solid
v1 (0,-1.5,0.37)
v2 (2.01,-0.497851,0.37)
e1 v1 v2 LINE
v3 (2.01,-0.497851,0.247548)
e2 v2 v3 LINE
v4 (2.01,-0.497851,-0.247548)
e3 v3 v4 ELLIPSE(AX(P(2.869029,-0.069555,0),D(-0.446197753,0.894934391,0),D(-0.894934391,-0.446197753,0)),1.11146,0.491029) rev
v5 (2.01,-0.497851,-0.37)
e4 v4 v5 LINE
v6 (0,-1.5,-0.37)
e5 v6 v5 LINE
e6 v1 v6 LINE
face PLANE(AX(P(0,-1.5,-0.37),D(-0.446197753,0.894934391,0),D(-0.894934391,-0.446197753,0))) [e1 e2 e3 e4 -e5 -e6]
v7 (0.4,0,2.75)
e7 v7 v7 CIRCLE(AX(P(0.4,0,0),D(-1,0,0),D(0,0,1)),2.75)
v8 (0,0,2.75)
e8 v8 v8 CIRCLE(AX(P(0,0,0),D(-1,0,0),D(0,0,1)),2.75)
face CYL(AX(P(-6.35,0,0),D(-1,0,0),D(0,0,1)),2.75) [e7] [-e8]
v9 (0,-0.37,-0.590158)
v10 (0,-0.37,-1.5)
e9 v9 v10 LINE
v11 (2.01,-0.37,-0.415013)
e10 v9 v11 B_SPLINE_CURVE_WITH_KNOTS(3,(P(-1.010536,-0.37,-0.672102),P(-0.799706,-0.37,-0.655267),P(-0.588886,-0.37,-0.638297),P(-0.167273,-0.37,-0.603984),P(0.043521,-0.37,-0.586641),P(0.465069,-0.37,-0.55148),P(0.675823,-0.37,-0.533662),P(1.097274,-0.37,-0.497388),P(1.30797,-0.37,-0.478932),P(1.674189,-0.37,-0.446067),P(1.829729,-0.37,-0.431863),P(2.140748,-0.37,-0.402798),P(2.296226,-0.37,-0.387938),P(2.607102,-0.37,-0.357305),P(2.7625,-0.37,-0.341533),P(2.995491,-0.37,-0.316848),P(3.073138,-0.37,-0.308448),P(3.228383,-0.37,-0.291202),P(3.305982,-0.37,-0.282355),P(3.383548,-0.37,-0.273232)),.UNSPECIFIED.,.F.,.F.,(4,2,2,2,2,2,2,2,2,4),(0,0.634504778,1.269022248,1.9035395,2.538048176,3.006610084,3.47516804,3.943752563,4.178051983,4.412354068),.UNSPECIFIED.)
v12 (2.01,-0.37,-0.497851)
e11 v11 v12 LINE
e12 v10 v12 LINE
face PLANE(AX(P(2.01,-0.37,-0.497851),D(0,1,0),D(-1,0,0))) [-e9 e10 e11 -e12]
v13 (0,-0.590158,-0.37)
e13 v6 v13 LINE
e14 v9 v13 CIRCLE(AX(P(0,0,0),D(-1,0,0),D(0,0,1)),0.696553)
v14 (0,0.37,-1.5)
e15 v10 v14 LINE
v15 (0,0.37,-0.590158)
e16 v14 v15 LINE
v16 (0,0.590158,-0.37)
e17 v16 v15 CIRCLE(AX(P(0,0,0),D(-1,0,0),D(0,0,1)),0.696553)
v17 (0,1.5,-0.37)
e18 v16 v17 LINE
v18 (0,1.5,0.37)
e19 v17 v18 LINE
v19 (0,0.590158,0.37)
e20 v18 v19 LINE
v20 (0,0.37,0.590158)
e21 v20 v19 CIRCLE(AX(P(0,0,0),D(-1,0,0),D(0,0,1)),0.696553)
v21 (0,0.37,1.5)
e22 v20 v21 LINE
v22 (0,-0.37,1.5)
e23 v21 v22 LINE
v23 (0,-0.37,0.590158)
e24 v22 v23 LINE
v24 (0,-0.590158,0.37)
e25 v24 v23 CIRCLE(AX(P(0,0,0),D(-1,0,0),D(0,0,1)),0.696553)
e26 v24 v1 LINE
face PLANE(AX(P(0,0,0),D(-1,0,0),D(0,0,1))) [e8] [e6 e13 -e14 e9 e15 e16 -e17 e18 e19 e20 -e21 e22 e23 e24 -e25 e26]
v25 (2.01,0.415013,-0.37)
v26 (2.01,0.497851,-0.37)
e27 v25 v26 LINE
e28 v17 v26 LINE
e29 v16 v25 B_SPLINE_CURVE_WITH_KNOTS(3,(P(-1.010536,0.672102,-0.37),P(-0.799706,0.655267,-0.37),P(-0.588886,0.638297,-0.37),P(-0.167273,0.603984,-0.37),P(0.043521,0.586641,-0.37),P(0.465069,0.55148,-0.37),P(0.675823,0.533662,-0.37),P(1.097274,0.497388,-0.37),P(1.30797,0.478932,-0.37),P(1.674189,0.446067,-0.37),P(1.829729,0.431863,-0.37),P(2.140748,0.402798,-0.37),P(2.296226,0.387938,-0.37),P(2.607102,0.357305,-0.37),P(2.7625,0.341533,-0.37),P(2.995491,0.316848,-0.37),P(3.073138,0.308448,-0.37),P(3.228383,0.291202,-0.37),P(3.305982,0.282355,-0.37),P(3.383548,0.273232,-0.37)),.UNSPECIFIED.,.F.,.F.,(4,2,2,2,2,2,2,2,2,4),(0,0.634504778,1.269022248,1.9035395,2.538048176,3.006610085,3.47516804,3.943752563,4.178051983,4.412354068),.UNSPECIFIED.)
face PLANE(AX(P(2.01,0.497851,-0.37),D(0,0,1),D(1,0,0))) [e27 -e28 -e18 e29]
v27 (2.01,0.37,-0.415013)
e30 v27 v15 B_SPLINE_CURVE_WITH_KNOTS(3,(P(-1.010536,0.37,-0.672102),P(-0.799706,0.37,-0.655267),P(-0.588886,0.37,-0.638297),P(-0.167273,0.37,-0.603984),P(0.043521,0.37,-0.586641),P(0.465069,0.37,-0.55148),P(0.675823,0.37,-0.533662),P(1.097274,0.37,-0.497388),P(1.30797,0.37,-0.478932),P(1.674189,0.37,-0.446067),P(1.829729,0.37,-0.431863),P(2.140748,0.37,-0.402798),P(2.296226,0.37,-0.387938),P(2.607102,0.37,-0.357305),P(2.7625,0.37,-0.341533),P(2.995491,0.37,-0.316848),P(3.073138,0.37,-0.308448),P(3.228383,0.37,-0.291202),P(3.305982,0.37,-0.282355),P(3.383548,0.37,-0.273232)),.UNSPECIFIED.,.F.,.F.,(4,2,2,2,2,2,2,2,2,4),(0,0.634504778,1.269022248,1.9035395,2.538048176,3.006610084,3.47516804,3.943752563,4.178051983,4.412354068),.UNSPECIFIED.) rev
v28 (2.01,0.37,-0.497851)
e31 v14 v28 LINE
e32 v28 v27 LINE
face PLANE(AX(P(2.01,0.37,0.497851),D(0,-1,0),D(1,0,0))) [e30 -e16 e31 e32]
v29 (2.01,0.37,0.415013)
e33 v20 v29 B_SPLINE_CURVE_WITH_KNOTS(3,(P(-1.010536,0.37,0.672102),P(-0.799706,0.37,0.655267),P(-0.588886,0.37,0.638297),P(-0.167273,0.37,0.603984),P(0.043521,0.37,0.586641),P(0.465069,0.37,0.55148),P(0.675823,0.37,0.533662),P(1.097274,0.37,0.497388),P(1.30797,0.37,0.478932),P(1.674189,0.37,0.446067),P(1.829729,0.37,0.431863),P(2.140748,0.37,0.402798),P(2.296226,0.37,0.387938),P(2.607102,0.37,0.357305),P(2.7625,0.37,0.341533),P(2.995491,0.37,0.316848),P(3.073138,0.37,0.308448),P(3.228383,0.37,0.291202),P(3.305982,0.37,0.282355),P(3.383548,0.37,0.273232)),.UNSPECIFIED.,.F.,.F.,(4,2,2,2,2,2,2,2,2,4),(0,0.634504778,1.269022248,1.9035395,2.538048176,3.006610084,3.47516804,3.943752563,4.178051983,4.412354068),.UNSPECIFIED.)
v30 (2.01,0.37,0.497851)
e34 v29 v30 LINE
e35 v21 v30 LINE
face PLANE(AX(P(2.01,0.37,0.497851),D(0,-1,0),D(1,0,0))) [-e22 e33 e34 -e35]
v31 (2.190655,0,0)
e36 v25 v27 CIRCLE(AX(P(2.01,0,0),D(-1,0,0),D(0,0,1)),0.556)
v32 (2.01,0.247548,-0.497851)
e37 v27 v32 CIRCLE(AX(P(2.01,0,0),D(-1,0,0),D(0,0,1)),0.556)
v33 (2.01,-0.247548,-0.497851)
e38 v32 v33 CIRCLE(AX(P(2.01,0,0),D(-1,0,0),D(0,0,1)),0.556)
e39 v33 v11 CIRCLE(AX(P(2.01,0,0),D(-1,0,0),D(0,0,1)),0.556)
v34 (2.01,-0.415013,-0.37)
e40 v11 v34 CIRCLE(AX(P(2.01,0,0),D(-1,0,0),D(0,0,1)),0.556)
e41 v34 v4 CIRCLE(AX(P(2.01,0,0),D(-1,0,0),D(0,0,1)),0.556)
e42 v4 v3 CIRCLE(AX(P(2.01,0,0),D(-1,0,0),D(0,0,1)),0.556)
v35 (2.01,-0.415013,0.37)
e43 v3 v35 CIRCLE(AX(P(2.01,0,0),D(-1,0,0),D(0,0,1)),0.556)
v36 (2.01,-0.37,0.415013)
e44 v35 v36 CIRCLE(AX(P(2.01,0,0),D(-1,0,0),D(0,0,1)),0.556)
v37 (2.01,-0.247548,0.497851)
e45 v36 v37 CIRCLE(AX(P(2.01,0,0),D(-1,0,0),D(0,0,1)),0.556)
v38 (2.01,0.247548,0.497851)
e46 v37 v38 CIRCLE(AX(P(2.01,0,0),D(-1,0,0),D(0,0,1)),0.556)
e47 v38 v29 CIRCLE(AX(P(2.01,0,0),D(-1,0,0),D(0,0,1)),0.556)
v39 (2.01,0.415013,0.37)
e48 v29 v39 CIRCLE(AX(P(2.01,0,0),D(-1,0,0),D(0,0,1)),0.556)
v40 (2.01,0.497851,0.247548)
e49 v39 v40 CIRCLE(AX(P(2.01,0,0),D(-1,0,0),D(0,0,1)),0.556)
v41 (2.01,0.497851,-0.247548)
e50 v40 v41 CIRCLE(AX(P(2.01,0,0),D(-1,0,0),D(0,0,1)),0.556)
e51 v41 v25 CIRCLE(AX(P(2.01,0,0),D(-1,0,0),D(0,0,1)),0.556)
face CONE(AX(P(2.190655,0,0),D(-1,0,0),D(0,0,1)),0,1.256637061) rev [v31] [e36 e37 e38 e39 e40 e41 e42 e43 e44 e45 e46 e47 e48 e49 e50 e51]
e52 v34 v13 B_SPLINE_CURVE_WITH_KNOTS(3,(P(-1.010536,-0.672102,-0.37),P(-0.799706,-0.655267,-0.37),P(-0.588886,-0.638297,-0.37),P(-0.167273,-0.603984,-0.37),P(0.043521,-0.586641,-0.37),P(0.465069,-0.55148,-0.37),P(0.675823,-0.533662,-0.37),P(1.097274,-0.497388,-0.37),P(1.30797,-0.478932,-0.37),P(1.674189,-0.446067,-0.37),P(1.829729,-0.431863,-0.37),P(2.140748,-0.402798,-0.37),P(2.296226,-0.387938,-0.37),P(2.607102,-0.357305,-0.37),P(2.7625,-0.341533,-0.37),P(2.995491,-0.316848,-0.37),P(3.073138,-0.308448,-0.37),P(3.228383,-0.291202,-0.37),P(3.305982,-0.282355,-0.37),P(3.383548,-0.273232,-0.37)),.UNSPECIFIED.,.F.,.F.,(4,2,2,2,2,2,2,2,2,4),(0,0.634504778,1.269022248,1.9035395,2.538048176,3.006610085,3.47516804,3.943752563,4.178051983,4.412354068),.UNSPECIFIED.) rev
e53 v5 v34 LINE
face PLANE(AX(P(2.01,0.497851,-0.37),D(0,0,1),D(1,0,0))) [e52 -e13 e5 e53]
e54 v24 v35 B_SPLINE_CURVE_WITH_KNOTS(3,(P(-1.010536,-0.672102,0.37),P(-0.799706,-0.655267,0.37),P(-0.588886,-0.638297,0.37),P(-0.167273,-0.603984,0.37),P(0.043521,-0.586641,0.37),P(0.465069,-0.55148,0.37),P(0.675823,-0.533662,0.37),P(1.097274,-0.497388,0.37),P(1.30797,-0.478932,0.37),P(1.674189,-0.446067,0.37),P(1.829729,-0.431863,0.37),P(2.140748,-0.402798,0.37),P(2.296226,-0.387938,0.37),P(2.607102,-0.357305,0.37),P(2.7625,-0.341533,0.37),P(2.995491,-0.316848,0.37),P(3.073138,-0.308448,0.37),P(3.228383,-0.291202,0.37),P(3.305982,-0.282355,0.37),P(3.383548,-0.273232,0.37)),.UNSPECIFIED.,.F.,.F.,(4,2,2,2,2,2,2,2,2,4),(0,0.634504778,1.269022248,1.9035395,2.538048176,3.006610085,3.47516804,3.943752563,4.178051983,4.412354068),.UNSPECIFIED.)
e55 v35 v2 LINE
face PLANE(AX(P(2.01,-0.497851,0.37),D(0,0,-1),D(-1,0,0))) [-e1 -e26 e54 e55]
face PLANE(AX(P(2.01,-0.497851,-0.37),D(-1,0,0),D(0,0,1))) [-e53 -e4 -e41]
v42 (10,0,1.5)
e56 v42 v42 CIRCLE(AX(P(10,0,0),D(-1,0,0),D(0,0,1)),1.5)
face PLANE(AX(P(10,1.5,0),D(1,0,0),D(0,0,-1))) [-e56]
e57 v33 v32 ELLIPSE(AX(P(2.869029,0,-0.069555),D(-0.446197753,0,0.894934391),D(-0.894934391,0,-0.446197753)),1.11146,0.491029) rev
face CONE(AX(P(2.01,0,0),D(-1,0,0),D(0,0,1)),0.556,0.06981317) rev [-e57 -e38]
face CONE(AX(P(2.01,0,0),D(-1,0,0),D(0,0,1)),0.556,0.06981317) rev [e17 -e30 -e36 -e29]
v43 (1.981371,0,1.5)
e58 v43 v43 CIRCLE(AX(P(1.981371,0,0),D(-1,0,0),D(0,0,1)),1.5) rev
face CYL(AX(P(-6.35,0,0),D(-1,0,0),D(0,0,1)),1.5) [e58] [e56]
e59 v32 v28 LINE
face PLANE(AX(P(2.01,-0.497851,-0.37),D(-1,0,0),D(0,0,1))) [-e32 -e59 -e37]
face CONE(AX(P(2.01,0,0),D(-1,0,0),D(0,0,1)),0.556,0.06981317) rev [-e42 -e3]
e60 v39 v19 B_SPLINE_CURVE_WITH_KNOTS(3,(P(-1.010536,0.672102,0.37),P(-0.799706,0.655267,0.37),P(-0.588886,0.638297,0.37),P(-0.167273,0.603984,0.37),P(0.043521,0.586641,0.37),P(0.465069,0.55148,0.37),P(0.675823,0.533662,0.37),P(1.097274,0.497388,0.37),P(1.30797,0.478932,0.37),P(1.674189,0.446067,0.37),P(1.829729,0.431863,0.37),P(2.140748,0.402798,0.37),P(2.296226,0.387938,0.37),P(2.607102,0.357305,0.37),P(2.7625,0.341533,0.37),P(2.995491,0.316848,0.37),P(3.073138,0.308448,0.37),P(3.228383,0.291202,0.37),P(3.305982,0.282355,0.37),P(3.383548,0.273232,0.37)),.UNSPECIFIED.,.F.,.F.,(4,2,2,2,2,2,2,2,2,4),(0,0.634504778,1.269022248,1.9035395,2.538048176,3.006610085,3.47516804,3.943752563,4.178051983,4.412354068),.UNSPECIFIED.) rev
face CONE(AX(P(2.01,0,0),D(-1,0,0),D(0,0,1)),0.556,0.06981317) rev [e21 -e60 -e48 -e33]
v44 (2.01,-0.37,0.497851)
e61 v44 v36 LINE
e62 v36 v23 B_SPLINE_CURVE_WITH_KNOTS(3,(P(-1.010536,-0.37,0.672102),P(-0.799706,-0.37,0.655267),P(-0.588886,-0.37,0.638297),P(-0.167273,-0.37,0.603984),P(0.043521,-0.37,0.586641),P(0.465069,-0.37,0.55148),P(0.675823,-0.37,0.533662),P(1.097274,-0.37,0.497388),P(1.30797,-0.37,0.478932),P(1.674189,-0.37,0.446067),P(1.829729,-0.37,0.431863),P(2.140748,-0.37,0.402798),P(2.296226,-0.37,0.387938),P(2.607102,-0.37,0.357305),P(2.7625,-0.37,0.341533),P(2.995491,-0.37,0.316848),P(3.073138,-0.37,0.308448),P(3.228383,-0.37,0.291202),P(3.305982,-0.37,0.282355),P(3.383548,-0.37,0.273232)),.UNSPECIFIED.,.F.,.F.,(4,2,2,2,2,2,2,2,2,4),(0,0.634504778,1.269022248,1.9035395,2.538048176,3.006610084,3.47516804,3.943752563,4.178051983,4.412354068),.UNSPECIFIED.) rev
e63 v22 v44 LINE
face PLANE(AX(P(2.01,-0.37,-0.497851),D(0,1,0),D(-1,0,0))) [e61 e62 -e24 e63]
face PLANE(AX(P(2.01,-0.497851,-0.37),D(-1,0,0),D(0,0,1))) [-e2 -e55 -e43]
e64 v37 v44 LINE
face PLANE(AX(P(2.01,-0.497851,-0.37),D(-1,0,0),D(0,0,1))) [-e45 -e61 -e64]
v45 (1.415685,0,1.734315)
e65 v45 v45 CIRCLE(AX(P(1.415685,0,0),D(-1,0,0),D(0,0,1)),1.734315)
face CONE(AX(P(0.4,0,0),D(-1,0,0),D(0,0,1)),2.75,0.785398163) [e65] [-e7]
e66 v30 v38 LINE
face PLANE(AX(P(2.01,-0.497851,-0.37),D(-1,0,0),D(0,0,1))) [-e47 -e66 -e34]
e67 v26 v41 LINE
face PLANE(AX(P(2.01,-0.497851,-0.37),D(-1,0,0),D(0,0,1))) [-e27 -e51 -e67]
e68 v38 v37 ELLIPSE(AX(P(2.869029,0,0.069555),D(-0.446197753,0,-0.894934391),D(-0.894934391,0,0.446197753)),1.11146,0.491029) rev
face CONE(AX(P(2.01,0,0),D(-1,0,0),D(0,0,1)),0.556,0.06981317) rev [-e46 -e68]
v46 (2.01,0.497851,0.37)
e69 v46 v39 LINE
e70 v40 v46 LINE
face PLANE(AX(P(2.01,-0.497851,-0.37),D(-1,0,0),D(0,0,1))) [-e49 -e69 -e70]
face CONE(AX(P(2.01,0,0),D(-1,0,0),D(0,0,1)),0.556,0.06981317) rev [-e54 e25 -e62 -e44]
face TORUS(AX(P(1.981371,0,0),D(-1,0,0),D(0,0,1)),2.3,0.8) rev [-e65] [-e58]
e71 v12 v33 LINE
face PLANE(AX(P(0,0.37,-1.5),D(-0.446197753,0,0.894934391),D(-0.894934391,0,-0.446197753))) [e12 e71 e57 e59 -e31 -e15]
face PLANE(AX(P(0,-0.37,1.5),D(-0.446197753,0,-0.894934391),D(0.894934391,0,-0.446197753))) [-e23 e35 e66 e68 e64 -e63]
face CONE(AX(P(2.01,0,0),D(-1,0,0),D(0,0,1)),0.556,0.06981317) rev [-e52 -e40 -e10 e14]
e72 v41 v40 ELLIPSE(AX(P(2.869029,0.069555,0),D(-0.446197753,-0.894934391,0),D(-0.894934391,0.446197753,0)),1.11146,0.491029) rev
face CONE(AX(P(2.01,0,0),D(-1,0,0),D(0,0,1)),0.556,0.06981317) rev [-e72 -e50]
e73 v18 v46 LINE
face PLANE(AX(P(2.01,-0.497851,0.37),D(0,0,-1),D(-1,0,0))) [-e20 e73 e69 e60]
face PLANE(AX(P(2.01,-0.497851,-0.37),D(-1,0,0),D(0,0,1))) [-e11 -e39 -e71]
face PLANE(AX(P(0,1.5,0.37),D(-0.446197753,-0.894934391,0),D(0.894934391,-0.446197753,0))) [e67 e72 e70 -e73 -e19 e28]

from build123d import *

# Parameters (mm, degrees)
FILLET1_R    = 0.8
RECPAT_COUNT = 2
RECPAT_ANGLE = 90


with BuildPart() as part:
    # BodySke → Base-Revolve (revolve)
    with BuildSketch(Plane.XY, mode=Mode.PRIVATE) as base_revolve_sk:
        Polygon((0, 0), (0, 2.75), (0.4, 2.75), (1.65, 1.5), (10, 1.5), (10, 0), align=None)
    revolve(base_revolve_sk.sketch.rotate(Axis((-6.35, 0, 0), (1, 0, 0)), 90), axis=Axis((-6.35, 0, 0), (1, 0, 0)))

    # Fillet1
    fillet1_edges = [part.edges().sort_by_distance(p)[0] for p in [
        (1.65, 0, -1.5),
    ]]
    fillet(fillet1_edges, radius=FILLET1_R)

    # Sketch3 → Recess section 0
    with BuildSketch(Plane.ZY):
        with BuildLine():
            Line((-0.37, 1.5), (0.37, 1.5))
            Line((0.37, 1.5), (0.37, -1.5))
            Line((0.37, -1.5), (-0.37, -1.5))
            Line((-0.37, -1.5), (-0.37, 1.5))
        make_face()
    # Sketch4 → Recess section 1
    with BuildSketch(Plane.ZY.offset(-2.01)):
        with BuildLine():
            Line((-0.37, 0.497851135), (0.37, 0.497851135))
            Line((0.37, 0.497851135), (0.37, -0.497851135))
            Line((0.37, -0.497851135), (-0.37, -0.497851135))
            Line((-0.37, -0.497851135), (-0.37, 0.497851135))
        make_face()
    recess = loft(mode=Mode.SUBTRACT)

    # RecPat: Recess ×2 about axis
    recpat_axis = Axis((0, 0, 0), (1, 0, 0))
    for i in range(1, RECPAT_COUNT):
        add(recess.rotate(recpat_axis, i * RECPAT_ANGLE / (RECPAT_COUNT - 1)), mode=Mode.SUBTRACT)

    # RecCorSke → RecessCore (revolve, cut)
    with BuildSketch(Plane.XY, mode=Mode.PRIVATE) as recesscore_sk:
        Polygon((0, 0), (0, 0.696552892), (2.01, 0.556), (2.190655351, 0), align=None)
    revolve(recesscore_sk.sketch.rotate(Axis((-3.175, 0, 0), (1, 0, 0)), 90), axis=Axis((-3.175, 0, 0), (1, 0, 0)), mode=Mode.SUBTRACT)


solid = part.part
